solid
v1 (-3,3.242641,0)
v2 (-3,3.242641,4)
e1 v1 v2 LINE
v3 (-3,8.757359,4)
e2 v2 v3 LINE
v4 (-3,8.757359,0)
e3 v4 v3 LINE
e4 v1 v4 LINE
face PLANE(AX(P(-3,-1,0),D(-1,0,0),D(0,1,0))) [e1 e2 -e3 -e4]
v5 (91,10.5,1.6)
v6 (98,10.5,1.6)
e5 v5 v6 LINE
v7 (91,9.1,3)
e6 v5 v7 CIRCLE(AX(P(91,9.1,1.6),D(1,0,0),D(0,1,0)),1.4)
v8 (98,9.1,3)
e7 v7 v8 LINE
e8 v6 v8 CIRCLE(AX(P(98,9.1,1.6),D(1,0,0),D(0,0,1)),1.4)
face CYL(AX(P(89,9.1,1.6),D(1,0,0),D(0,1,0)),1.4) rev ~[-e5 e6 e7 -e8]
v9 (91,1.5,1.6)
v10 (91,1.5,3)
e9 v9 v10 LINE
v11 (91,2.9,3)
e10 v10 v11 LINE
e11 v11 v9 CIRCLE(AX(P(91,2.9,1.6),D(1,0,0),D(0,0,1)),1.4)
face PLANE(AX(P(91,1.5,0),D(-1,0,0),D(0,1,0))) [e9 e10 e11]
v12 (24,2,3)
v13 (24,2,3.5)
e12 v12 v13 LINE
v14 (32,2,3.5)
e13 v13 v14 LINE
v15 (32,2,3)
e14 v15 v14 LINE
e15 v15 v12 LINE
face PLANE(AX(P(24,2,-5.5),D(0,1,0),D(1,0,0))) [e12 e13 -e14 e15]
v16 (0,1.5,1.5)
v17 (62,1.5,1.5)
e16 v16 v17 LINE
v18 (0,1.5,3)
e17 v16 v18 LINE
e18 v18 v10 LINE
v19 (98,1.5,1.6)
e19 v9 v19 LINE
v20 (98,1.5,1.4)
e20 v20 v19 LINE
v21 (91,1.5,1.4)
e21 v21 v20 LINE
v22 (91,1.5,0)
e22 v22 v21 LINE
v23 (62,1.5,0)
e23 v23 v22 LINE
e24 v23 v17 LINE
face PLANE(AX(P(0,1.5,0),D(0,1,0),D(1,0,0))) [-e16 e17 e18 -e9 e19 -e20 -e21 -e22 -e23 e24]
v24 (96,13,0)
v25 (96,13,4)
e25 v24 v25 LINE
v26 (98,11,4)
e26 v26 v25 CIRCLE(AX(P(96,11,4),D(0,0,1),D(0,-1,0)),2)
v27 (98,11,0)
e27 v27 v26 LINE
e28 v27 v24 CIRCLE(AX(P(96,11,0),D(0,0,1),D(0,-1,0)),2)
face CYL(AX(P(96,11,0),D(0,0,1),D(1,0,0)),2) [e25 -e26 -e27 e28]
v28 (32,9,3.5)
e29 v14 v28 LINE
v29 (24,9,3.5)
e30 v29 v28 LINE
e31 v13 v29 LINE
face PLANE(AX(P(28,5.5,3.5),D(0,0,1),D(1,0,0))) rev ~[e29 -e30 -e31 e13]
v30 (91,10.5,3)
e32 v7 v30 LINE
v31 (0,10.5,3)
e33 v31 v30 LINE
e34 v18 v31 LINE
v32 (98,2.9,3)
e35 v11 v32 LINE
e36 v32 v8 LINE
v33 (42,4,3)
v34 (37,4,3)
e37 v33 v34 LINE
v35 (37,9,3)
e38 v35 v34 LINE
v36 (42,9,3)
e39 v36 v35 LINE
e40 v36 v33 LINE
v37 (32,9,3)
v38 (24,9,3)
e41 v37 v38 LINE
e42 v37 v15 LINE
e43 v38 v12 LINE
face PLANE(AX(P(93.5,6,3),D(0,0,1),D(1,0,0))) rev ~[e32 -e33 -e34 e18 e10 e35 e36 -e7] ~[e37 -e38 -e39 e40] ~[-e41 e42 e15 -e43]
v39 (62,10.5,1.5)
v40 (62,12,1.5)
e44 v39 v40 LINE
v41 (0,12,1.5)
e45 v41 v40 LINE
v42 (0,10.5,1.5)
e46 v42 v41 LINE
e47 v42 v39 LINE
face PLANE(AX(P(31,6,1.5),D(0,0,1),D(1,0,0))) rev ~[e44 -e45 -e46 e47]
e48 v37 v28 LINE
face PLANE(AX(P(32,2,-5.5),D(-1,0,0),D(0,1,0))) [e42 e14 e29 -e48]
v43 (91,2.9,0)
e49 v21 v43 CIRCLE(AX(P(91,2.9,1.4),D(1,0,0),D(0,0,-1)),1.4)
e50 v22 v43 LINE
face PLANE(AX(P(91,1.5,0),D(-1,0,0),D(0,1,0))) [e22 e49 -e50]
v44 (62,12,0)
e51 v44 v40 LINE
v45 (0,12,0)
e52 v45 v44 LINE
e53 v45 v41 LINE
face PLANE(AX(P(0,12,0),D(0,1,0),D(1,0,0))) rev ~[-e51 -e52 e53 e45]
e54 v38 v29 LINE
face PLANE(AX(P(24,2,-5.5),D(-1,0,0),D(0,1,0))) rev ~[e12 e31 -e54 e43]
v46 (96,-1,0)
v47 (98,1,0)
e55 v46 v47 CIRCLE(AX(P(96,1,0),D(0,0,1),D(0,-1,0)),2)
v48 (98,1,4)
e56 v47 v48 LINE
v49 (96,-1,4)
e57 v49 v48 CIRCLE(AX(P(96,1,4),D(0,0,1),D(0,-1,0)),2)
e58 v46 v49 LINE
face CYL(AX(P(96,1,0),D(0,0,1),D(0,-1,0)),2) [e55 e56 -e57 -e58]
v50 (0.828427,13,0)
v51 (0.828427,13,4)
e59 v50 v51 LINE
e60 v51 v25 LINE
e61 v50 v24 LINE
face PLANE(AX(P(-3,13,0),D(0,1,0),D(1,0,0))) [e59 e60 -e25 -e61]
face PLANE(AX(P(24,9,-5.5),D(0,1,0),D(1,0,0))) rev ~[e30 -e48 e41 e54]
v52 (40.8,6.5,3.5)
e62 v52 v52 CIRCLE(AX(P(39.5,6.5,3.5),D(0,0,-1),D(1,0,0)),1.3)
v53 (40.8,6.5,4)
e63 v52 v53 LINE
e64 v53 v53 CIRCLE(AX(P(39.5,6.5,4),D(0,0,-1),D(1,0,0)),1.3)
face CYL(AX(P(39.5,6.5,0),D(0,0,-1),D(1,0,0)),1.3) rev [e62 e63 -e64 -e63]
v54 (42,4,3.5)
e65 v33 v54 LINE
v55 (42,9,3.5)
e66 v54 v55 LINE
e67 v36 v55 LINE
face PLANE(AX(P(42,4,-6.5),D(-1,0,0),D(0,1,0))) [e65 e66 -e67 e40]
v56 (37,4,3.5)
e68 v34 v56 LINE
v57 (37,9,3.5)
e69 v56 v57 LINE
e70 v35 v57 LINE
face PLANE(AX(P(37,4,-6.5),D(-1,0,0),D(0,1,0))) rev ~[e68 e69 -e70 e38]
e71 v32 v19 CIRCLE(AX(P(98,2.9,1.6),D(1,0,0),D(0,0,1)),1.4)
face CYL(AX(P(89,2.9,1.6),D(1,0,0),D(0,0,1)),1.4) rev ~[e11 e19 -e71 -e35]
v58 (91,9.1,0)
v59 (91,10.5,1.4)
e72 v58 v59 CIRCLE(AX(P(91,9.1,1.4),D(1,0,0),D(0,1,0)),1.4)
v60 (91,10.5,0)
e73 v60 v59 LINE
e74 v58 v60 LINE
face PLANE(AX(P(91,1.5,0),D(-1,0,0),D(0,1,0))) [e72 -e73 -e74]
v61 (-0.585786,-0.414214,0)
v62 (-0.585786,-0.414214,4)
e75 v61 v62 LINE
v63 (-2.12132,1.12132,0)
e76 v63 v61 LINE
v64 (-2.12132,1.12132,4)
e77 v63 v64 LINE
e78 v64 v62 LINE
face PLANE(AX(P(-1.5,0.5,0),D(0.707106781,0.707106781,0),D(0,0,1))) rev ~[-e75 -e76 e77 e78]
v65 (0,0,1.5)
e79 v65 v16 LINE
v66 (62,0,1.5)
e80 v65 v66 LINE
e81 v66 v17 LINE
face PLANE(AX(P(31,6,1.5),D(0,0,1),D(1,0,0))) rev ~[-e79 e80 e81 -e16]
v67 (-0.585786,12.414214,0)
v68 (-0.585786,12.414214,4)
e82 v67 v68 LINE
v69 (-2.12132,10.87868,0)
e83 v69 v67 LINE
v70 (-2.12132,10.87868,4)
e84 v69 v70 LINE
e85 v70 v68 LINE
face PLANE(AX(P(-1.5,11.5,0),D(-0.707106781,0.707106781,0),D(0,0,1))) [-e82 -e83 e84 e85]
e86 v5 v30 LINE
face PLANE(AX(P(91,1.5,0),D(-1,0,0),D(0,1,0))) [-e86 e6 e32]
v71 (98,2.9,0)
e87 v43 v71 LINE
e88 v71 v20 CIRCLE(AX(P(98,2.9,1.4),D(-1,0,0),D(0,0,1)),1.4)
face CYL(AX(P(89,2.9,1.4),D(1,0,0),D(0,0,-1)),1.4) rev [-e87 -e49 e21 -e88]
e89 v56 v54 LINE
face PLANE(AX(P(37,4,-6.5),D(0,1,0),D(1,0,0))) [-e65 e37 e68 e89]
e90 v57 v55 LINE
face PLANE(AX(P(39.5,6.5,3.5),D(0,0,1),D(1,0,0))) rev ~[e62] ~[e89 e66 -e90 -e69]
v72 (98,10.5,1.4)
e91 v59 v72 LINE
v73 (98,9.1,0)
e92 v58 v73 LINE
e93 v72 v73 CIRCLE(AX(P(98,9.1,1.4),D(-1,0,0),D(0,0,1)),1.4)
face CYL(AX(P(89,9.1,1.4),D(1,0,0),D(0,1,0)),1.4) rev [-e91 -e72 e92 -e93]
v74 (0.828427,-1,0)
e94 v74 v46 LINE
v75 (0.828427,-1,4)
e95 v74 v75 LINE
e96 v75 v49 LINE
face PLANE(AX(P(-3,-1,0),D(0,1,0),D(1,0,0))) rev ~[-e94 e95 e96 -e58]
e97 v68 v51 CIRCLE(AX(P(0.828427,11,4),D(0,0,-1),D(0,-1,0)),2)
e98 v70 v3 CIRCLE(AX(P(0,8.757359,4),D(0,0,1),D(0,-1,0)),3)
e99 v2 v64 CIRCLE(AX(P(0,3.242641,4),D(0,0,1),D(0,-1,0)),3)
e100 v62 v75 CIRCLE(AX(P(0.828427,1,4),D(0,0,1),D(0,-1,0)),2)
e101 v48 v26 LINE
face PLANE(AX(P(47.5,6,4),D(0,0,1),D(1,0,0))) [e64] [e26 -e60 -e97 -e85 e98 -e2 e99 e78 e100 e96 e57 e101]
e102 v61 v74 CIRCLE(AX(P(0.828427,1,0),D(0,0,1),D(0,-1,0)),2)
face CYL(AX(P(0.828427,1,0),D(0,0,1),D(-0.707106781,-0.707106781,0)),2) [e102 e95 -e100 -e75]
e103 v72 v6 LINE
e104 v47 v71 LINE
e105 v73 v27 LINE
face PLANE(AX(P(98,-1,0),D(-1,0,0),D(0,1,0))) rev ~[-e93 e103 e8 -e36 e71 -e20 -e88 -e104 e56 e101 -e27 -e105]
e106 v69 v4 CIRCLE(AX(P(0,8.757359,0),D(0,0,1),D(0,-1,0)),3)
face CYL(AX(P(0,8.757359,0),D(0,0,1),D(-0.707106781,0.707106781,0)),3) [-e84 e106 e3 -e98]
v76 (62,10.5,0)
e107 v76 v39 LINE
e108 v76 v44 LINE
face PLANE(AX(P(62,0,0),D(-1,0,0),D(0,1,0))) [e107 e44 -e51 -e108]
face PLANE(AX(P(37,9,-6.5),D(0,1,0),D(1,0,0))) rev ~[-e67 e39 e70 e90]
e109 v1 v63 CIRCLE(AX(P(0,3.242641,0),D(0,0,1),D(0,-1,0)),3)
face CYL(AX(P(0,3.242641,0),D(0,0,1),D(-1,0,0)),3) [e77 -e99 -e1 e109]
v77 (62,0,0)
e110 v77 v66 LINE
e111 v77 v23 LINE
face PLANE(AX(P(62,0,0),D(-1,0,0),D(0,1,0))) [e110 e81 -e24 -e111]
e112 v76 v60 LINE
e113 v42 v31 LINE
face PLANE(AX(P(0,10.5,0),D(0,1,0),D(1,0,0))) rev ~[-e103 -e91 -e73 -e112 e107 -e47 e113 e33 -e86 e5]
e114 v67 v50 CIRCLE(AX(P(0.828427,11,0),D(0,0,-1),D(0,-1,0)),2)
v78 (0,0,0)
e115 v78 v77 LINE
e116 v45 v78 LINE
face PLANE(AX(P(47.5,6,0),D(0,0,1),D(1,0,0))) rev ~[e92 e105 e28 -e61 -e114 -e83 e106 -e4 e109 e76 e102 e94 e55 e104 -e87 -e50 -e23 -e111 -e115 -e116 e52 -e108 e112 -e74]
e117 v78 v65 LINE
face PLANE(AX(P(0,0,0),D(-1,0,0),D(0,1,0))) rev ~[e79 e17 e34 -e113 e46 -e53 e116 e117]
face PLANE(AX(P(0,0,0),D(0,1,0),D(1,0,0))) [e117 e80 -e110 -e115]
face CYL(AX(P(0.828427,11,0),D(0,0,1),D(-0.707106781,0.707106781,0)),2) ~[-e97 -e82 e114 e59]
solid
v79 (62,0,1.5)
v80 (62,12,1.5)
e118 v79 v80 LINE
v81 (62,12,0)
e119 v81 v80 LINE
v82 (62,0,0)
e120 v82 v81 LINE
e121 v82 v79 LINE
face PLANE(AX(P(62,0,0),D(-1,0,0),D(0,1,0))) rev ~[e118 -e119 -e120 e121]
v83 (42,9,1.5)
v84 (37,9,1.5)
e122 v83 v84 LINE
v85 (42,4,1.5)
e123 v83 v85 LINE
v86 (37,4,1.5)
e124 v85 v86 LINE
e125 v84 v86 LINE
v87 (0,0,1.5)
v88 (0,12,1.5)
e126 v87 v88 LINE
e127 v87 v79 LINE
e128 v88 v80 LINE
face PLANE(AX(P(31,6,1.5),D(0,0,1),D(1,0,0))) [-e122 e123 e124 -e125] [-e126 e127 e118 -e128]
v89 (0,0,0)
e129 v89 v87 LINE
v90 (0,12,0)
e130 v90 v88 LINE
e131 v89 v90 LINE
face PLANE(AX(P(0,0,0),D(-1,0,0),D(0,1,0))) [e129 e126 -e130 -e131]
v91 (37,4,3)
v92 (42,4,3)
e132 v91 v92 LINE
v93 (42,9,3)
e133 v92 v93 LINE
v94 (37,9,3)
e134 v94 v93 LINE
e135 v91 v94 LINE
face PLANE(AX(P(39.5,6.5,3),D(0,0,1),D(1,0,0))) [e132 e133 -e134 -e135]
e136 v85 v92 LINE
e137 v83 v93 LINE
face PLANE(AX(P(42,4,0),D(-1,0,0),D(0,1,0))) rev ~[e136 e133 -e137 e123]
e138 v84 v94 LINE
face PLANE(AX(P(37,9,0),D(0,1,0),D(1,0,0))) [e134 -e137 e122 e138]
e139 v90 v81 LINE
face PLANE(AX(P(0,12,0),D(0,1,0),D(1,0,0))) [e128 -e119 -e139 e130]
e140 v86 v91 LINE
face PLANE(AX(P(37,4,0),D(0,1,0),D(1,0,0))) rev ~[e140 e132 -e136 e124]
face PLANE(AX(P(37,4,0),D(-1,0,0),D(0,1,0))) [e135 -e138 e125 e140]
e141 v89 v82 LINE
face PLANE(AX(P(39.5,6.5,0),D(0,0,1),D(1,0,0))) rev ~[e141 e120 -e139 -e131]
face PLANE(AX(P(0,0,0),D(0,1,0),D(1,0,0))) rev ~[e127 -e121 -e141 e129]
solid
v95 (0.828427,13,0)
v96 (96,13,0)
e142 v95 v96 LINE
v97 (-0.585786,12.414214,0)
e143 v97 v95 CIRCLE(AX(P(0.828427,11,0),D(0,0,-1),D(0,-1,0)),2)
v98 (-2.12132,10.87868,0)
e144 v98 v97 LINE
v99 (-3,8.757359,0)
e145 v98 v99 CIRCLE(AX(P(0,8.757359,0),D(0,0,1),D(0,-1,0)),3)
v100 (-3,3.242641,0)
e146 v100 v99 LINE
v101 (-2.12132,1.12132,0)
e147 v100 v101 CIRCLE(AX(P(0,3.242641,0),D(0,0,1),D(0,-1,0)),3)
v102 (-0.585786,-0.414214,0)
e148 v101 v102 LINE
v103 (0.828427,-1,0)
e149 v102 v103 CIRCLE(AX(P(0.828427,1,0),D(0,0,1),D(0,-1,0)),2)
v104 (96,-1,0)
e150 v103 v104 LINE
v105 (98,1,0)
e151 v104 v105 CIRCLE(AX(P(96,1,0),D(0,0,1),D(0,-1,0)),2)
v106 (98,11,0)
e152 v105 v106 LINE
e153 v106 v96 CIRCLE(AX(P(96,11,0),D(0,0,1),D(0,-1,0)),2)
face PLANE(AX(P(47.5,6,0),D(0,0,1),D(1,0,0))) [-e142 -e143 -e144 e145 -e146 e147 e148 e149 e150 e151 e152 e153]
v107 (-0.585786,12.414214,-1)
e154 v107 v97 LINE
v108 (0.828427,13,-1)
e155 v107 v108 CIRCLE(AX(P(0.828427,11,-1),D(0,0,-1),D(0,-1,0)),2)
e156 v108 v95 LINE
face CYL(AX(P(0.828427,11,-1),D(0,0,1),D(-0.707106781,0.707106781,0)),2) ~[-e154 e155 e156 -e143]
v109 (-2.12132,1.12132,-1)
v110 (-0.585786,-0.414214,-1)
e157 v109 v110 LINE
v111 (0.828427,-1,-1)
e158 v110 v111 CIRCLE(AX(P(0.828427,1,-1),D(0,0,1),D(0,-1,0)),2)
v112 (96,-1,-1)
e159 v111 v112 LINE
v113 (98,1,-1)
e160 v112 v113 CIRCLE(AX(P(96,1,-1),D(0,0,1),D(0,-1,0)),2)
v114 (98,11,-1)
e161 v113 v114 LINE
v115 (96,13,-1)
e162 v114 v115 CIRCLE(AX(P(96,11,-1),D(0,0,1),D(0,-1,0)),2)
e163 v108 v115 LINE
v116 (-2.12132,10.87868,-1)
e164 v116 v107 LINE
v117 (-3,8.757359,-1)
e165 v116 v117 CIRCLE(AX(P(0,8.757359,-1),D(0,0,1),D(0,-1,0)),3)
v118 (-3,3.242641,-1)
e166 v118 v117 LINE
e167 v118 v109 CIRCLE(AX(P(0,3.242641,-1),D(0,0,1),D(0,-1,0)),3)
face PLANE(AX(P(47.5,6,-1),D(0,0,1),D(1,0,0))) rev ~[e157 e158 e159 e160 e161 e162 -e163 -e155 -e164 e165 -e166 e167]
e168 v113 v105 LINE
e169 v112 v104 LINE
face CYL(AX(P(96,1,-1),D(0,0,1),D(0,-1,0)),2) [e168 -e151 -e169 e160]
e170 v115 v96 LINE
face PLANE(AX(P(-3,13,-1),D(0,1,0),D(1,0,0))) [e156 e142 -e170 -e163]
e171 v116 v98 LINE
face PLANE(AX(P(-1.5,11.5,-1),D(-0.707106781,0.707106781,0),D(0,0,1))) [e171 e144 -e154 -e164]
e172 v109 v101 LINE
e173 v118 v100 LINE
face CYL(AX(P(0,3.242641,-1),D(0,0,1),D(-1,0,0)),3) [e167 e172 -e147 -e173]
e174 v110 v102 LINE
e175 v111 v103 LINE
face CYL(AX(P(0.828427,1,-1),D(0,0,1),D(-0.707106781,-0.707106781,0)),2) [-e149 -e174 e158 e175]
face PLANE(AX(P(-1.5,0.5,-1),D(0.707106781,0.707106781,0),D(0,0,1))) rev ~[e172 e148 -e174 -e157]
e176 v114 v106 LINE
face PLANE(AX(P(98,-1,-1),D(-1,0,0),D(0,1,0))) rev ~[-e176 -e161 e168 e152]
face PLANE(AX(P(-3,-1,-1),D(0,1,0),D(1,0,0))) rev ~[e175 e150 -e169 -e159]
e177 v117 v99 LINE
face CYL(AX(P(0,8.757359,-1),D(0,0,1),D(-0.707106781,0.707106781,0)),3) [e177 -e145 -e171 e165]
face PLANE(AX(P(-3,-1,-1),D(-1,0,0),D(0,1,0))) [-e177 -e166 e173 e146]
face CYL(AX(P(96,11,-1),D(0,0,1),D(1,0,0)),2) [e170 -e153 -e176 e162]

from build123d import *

# Parameters (mm, degrees)
BOX001_W        = 5
BOX001_H        = 5
BOX001_DEPTH    = 3
BOX_W           = 62
BOX_H           = 12
BOX_DEPTH       = 1.5
BOX007_W        = 101
BOX007_H        = 14
BOX007_DEPTH    = 1
FILLET006_R     = 2
CHAMFER002_SIZE = 3
CHAMFER003_SIZE = 3
FILLET007_R     = 2
FILLET008_R     = 2
FILLET010_R     = 3
BOX009_W        = 8
BOX009_H        = 7
BOX009_DEPTH    = 9
BOX008_W        = 5
BOX008_H        = 5
BOX008_DEPTH    = 10
CYLINDER_R      = 1.3
CYLINDER_DEPTH  = 10
BOX006_W        = 9
BOX006_H        = 9
BOX006_DEPTH    = 3
FILLET_R        = 1.4
FILLET001_R     = 1.4
BOX005_W        = 5
BOX005_H        = 5
BOX005_DEPTH    = 3
BOX004_W        = 62
BOX004_H        = 12
BOX004_DEPTH    = 1.5
BOX003_W        = 91
BOX003_H        = 9
BOX003_DEPTH    = 3
BOX002_W        = 101
BOX002_H        = 14
BOX002_DEPTH    = 4
FILLET002_R     = 2
FILLET003_R     = 2
CHAMFER_SIZE    = 3
CHAMFER001_SIZE = 3
FILLET004_R     = 2
FILLET005_R     = 2
FILLET009_R     = 3


with BuildPart() as box001:
    # Box001 → Box001 (new body)
    with BuildSketch(Plane(origin=(37, 4, 0), x_dir=(1, 0, 0), z_dir=(0, 0, 1))):
        with Locations((2.5, 2.5)):
            Rectangle(BOX001_W, BOX001_H)
    extrude(amount=BOX001_DEPTH)


with BuildPart() as fusion:
    # Box → Box (new body)
    with BuildSketch(Plane.XY):
        with Locations((31, 6)):
            Rectangle(BOX_W, BOX_H)
    extrude(amount=BOX_DEPTH)

    # Fusion: union Box001
    add(box001.part)


with BuildPart() as fillet010:
    # Box007 → Box007 (new body)
    with BuildSketch(Plane(origin=(-3, -1, -1), x_dir=(1, 0, 0), z_dir=(0, 0, 1))):
        with Locations((50.5, 7)):
            Rectangle(BOX007_W, BOX007_H)
    extrude(amount=BOX007_DEPTH)

    # Fillet006
    fillet006_edges = [fillet010.edges().sort_by_distance(p)[0] for p in [
        (98, -1, -0.5),
        (98, 13, -0.5),
    ]]
    fillet(fillet006_edges, radius=FILLET006_R)

    # Chamfer002
    chamfer002_edges = [fillet010.edges().sort_by_distance(p)[0] for p in [
        (-3, 13, -0.5),
    ]]
    chamfer(chamfer002_edges, length=CHAMFER002_SIZE)

    # Chamfer003
    chamfer003_edges = [fillet010.edges().sort_by_distance(p)[0] for p in [
        (-3, -1, -0.5),
    ]]
    chamfer(chamfer003_edges, length=CHAMFER003_SIZE)

    # Fillet007
    fillet007_edges = [fillet010.edges().sort_by_distance(p)[0] for p in [
        (0, -1, -0.5),
    ]]
    fillet(fillet007_edges, radius=FILLET007_R)

    # Fillet008
    fillet008_edges = [fillet010.edges().sort_by_distance(p)[0] for p in [
        (0, 13, -0.5),
    ]]
    fillet(fillet008_edges, radius=FILLET008_R)

    # Fillet010
    fillet010_edges = [fillet010.edges().sort_by_distance(p)[0] for p in [
        (-3, 10, -0.5),
        (-3, 2, -0.5),
    ]]
    fillet(fillet010_edges, radius=FILLET010_R)


with BuildPart() as box009:
    # Box009 → Box009 (new body)
    with BuildSketch(Plane(origin=(24, 2, -5.5), x_dir=(1, 0, 0), z_dir=(0, 0, 1))):
        with Locations((4, 3.5)):
            Rectangle(BOX009_W, BOX009_H)
    extrude(amount=BOX009_DEPTH)


with BuildPart() as box008:
    # Box008 → Box008 (new body)
    with BuildSketch(Plane(origin=(37, 4, -6.5), x_dir=(1, 0, 0), z_dir=(0, 0, 1))):
        with Locations((2.5, 2.5)):
            Rectangle(BOX008_W, BOX008_H)
    extrude(amount=BOX008_DEPTH)


with BuildPart() as cylinder:
    # Cylinder → Cylinder (new body)
    with BuildSketch(Plane(origin=(39.5, 6.5, 0), x_dir=(1, 0, 0), z_dir=(0, 0, 1))):
        Circle(CYLINDER_R)
    extrude(amount=CYLINDER_DEPTH)


with BuildPart() as fillet001:
    # Box006 → Box006 (new body)
    with BuildSketch(Plane.XY):
        with Locations((4.5, 4.5)):
            Rectangle(BOX006_W, BOX006_H)
    extrude(amount=BOX006_DEPTH)

    # Fillet
    fillet_edges = [fillet001.edges().sort_by_distance(p)[0] for p in [
        (4.5, 9, 0),
        (4.5, 9, 3),
    ]]
    fillet(fillet_edges, radius=FILLET_R)

    # Fillet001
    fillet001_edges = [fillet001.edges().sort_by_distance(p)[0] for p in [
        (4.5, 0, 3),
        (4.5, 0, 0),
    ]]
    fillet(fillet001_edges, radius=FILLET001_R)


with BuildPart() as fillet001_1:
    # Fillet001 placement: moved
    add(fillet001.part.moved(Location((89, 1.5, 0))))


with BuildPart() as box005:
    # Box005 → Box005 (new body)
    with BuildSketch(Plane(origin=(37, 4, 0), x_dir=(1, 0, 0), z_dir=(0, 0, 1))):
        with Locations((2.5, 2.5)):
            Rectangle(BOX005_W, BOX005_H)
    extrude(amount=BOX005_DEPTH)


with BuildPart() as fusion001:
    # Box004 → Box004 (new body)
    with BuildSketch(Plane.XY):
        with Locations((31, 6)):
            Rectangle(BOX004_W, BOX004_H)
    extrude(amount=BOX004_DEPTH)

    # Fusion001: union Box005
    add(box005.part)


with BuildPart() as box003:
    # Box003 → Box003 (new body)
    with BuildSketch(Plane(origin=(0, 1.5, 0), x_dir=(1, 0, 0), z_dir=(0, 0, 1))):
        with Locations((45.5, 4.5)):
            Rectangle(BOX003_W, BOX003_H)
    extrude(amount=BOX003_DEPTH)


with BuildPart() as cut005:
    # Box002 → Box002 (new body)
    with BuildSketch(Plane(origin=(-3, -1, 0), x_dir=(1, 0, 0), z_dir=(0, 0, 1))):
        with Locations((50.5, 7)):
            Rectangle(BOX002_W, BOX002_H)
    extrude(amount=BOX002_DEPTH)

    # Cut: cut Box003
    add(box003.part, mode=Mode.SUBTRACT)

    # Cut001: cut Fusion001
    add(fusion001.part, mode=Mode.SUBTRACT)

    # Cut002: cut Fillet001
    add(fillet001_1.part, mode=Mode.SUBTRACT)

    # Fillet002
    fillet002_edges = [cut005.edges().sort_by_distance(p)[0] for p in [
        (98, -1, 2),
    ]]
    fillet(fillet002_edges, radius=FILLET002_R)

    # Fillet003
    fillet003_edges = [cut005.edges().sort_by_distance(p)[0] for p in [
        (98, 13, 2),
    ]]
    fillet(fillet003_edges, radius=FILLET003_R)

    # Chamfer
    chamfer_edges = [cut005.edges().sort_by_distance(p)[0] for p in [
        (-3, -1, 2),
    ]]
    chamfer(chamfer_edges, length=CHAMFER_SIZE)

    # Chamfer001
    chamfer001_edges = [cut005.edges().sort_by_distance(p)[0] for p in [
        (-3, 13, 2),
    ]]
    chamfer(chamfer001_edges, length=CHAMFER001_SIZE)

    # Fillet004
    fillet004_edges = [cut005.edges().sort_by_distance(p)[0] for p in [
        (0, -1, 2),
    ]]
    fillet(fillet004_edges, radius=FILLET004_R)

    # Fillet005
    fillet005_edges = [cut005.edges().sort_by_distance(p)[0] for p in [
        (0, 13, 2),
    ]]
    fillet(fillet005_edges, radius=FILLET005_R)

    # Fillet009
    fillet009_edges = [cut005.edges().sort_by_distance(p)[0] for p in [
        (-3, 10, 2),
        (-3, 2, 2),
    ]]
    fillet(fillet009_edges, radius=FILLET009_R)

    # Cut003: cut Cylinder
    add(cylinder.part, mode=Mode.SUBTRACT)

    # Cut004: cut Box008
    add(box008.part, mode=Mode.SUBTRACT)

    # Cut005: cut Box009
    add(box009.part, mode=Mode.SUBTRACT)


solid = Compound([fusion.part, fillet010.part, cut005.part])
